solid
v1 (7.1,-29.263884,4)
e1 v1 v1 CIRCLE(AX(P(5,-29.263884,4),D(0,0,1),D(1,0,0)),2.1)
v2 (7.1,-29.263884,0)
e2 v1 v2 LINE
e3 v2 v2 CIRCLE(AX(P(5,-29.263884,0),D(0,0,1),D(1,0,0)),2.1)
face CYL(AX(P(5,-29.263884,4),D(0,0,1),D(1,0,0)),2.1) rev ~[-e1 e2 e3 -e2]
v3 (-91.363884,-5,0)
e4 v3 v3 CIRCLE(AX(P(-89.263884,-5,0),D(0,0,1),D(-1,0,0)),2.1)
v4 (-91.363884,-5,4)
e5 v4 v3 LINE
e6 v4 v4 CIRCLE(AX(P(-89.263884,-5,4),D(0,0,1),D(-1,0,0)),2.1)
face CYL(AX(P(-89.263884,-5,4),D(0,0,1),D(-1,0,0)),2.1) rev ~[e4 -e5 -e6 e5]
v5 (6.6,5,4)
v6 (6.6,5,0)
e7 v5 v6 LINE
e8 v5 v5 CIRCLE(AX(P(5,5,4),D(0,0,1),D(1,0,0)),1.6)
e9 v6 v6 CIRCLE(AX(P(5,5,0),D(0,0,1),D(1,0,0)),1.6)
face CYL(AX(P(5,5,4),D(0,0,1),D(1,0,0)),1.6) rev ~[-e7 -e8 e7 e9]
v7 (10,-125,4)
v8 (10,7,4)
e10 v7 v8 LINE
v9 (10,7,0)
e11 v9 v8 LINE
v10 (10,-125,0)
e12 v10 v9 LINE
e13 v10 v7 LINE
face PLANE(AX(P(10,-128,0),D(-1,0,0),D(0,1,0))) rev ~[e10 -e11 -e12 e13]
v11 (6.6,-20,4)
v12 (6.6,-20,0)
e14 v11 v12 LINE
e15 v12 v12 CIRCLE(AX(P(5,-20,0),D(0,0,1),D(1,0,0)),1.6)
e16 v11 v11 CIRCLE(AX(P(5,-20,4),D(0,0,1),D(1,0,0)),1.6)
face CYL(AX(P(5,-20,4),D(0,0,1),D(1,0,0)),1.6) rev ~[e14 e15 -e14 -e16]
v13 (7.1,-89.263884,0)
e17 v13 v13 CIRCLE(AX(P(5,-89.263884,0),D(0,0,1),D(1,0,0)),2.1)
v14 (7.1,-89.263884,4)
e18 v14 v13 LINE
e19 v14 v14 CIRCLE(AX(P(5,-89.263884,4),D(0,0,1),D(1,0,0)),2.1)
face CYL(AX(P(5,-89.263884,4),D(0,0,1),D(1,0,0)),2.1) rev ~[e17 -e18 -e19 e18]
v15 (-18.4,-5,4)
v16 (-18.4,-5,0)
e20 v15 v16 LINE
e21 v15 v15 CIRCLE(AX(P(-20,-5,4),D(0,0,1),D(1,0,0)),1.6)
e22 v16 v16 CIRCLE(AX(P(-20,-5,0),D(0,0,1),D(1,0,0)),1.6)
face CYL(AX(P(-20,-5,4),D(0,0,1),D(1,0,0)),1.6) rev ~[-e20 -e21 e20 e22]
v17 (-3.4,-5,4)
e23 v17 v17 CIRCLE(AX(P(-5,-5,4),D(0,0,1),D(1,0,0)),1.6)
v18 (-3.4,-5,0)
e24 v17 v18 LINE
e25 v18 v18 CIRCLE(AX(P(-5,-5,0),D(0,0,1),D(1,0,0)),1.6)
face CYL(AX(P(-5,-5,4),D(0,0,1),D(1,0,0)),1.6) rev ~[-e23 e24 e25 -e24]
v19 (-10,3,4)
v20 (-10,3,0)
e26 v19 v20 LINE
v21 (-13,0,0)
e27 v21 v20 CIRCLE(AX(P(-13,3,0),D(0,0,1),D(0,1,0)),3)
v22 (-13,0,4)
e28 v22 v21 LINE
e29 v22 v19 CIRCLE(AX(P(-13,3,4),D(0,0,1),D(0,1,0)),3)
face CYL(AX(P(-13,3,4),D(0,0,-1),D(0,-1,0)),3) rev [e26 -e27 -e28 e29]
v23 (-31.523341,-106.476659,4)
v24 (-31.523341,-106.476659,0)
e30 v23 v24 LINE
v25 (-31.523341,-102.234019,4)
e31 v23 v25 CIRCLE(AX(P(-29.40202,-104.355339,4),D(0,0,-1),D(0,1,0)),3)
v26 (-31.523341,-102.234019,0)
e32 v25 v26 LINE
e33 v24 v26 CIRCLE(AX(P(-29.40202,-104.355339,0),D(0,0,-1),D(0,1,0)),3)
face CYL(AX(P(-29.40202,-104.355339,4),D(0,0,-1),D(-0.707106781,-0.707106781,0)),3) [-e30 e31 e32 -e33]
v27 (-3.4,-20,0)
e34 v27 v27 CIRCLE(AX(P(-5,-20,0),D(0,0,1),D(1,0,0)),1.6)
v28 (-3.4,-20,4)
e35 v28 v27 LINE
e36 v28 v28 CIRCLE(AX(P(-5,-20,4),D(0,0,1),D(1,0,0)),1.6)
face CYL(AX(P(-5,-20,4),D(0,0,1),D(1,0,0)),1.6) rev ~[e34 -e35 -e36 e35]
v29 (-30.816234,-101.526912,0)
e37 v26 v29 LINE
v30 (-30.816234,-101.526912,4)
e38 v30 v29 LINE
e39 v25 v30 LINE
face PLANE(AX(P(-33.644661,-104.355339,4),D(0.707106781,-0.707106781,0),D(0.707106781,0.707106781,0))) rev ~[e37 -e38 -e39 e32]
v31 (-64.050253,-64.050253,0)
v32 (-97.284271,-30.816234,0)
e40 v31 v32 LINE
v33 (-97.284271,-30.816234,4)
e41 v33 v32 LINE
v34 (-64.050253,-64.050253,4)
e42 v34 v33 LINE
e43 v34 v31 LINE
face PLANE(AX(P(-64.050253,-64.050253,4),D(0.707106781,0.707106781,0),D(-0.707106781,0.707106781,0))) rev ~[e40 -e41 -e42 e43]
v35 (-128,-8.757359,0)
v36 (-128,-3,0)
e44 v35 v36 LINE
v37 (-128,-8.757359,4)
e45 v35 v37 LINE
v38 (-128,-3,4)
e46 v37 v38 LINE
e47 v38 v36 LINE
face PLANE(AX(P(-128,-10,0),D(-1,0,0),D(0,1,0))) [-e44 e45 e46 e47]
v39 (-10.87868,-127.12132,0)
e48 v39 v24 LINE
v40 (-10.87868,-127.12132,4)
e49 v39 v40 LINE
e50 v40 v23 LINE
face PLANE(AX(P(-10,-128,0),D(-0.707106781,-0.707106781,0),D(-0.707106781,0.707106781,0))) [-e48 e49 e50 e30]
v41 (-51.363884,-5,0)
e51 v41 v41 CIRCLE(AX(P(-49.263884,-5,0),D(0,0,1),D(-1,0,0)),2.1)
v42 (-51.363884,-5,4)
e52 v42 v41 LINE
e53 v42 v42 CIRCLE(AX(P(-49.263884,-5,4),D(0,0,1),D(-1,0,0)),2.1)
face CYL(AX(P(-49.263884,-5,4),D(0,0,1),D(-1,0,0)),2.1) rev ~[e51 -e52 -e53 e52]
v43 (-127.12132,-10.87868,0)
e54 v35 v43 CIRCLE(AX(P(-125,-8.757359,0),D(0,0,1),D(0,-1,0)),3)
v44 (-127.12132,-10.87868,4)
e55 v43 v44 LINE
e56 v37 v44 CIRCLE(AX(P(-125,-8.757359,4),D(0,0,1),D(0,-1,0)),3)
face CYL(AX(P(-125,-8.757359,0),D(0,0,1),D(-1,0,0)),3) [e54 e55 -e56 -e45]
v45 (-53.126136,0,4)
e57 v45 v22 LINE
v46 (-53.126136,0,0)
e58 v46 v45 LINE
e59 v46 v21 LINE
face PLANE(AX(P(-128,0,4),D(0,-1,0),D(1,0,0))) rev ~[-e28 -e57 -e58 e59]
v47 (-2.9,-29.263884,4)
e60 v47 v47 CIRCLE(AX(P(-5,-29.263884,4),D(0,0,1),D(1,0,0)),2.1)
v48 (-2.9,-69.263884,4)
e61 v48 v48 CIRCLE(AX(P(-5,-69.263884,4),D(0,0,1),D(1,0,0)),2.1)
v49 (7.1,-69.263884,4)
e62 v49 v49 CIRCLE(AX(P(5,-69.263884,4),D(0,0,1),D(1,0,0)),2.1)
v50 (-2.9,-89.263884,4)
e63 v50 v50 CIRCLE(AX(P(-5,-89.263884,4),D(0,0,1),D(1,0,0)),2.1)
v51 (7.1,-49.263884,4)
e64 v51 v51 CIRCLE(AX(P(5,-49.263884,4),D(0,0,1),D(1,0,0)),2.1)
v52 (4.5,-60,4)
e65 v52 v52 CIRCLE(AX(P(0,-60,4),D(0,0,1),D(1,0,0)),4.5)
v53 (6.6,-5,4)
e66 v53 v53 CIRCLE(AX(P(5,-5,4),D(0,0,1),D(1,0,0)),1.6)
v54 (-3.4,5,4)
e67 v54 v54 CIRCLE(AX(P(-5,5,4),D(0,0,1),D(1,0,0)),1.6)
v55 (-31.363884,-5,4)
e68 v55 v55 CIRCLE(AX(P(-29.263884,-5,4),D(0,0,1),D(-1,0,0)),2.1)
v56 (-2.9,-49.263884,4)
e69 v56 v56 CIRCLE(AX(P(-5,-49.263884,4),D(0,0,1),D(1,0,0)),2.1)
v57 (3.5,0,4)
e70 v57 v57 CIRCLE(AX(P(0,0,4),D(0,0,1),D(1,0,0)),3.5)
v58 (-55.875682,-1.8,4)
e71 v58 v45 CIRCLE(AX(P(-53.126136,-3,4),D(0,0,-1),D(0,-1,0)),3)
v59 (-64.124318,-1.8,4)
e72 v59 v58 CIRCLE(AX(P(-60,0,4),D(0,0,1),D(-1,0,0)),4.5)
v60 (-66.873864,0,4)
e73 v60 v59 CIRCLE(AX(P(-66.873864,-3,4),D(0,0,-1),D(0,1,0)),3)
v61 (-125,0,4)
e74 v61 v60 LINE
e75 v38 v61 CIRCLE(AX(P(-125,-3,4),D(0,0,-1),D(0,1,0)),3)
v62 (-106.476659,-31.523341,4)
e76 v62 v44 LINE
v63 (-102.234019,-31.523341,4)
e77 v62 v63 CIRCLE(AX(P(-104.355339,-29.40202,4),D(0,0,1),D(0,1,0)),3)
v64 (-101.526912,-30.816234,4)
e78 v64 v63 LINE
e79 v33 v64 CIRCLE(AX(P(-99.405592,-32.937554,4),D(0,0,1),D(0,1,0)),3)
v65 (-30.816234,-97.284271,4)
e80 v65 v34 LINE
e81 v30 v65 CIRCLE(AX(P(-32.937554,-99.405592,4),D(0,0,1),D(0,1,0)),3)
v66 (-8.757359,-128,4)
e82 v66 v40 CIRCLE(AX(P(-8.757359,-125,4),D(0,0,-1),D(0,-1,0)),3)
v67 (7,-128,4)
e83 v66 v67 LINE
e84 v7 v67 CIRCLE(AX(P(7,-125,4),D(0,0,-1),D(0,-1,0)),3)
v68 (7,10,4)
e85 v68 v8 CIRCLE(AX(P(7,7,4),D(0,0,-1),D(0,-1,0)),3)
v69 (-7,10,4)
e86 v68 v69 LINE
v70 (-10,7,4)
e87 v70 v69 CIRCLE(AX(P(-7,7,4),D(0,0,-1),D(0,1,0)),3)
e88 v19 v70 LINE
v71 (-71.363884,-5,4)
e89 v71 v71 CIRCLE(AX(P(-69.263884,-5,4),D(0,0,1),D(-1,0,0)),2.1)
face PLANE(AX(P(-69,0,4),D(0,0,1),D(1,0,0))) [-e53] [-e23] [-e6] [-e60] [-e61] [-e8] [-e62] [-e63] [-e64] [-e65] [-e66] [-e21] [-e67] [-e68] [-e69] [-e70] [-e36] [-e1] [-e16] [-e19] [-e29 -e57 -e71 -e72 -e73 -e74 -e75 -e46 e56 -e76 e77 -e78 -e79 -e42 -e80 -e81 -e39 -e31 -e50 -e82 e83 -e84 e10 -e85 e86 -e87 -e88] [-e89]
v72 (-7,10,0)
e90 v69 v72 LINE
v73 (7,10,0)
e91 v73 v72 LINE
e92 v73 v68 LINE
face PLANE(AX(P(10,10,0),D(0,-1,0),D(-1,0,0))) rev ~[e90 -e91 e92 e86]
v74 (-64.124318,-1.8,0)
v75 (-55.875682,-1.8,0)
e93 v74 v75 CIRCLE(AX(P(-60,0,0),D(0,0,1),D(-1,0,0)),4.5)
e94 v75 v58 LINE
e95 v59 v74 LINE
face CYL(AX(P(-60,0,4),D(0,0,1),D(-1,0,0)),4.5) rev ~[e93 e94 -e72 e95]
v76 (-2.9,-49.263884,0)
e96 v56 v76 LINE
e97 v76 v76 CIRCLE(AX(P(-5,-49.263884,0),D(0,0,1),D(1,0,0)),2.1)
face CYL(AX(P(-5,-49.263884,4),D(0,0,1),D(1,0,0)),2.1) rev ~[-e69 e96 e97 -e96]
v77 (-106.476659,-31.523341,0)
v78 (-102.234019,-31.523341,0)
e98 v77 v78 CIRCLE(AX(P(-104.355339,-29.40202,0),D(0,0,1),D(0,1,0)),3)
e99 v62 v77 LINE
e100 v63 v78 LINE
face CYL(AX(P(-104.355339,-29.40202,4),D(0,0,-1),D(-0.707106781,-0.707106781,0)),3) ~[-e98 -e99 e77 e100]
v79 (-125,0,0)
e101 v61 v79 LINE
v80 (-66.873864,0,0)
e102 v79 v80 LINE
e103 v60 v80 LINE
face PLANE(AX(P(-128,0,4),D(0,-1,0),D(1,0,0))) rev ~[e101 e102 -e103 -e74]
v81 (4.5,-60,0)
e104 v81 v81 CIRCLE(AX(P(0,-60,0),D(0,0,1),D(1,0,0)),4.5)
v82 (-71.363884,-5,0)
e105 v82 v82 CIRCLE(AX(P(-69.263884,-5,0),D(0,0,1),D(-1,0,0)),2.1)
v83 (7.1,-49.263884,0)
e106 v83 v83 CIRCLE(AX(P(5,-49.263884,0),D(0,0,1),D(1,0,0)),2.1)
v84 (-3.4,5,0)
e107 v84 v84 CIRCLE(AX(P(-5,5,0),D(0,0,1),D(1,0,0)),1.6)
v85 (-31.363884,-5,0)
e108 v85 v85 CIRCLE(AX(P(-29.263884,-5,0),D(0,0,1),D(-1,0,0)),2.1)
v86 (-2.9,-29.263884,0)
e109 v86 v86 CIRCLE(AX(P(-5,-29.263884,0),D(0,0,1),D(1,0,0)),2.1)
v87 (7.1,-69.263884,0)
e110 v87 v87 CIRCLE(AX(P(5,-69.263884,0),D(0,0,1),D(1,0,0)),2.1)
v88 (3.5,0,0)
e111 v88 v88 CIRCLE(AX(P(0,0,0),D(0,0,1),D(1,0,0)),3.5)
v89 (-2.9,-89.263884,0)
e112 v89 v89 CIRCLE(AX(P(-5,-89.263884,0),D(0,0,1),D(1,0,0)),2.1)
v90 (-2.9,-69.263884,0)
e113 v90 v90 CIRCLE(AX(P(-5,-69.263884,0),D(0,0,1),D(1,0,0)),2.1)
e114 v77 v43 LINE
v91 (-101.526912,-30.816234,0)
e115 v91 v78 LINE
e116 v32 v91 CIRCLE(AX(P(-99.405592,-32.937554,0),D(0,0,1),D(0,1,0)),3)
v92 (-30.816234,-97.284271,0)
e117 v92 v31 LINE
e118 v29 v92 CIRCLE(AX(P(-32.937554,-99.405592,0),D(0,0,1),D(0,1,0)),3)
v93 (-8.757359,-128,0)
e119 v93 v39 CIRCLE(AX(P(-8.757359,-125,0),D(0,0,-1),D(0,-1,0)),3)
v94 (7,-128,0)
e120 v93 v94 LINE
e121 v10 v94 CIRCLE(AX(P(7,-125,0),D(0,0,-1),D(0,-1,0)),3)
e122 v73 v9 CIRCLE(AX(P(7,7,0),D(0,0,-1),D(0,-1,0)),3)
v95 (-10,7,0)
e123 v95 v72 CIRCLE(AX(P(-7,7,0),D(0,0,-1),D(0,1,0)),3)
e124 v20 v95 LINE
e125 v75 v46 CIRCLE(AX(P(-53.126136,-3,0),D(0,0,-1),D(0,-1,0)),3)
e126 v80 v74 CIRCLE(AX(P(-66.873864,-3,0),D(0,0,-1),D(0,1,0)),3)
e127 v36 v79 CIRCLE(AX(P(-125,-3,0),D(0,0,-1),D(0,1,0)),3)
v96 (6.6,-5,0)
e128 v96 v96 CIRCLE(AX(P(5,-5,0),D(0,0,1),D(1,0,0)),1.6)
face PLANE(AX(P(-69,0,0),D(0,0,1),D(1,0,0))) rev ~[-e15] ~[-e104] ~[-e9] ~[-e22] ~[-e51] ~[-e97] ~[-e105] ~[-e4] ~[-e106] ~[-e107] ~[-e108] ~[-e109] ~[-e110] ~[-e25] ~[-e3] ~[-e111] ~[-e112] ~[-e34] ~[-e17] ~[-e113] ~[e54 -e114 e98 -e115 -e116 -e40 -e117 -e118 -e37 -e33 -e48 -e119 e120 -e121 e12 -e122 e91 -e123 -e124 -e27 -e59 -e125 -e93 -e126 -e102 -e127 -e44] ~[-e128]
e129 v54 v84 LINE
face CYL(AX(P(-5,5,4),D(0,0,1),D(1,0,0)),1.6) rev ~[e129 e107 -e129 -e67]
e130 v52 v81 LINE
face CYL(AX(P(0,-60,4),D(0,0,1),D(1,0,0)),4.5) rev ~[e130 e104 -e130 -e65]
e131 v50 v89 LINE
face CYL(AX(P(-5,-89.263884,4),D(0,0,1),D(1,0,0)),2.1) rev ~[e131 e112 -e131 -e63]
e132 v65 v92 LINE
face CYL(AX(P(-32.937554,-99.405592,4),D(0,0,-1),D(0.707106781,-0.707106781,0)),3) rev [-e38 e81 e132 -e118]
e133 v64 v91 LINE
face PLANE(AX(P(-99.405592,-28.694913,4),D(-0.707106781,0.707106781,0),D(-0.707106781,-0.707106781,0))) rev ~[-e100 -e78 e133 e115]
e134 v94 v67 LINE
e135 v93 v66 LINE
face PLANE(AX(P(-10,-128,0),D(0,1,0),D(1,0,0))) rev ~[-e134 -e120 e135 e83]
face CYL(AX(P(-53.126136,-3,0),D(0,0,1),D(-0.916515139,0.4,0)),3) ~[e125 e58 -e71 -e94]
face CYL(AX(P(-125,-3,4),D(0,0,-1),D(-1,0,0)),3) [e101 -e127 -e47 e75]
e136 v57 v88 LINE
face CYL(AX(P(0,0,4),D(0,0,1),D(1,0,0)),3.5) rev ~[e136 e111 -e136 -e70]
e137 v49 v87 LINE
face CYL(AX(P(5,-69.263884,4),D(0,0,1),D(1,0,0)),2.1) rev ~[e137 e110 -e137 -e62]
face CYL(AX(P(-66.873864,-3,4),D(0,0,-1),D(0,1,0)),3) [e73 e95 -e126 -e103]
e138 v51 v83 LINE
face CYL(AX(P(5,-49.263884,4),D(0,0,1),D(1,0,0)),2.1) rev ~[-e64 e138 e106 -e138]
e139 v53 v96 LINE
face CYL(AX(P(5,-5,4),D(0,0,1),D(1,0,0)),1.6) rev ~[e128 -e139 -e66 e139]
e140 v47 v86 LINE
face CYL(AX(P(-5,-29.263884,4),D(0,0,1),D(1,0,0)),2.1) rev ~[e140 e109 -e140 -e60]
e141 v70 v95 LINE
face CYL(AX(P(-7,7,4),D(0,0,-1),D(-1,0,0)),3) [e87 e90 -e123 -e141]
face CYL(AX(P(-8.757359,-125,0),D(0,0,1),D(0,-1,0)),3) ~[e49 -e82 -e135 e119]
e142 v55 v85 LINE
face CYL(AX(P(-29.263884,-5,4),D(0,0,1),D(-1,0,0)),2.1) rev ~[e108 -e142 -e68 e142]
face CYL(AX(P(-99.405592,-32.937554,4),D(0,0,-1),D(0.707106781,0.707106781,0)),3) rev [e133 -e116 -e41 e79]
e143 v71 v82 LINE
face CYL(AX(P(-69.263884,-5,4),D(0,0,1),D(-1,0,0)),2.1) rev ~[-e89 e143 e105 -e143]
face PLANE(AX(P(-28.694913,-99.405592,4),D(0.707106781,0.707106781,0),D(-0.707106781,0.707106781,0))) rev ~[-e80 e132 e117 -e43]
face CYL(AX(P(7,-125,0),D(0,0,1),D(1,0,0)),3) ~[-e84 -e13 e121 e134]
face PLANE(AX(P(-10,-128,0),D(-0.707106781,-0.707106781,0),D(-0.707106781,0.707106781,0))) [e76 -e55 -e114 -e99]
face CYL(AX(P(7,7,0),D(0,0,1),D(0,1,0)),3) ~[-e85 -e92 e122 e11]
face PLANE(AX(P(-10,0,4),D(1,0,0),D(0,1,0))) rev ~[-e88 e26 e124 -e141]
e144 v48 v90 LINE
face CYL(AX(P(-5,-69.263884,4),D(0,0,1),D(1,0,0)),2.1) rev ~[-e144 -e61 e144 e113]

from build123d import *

# Parameters (mm, degrees)
SKETCH_1_W          = 118
SKETCH_1_H          = 20
SKETCH_1_W_2        = 20
SKETCH_1_H_2        = 118
EXTRUDE_1_DEPTH     = 4
SKETCH_3_R          = 3.5
SKETCH_3_R_2        = 1.6
CUT_EXTRUDE_1_DEPTH = 4
SKETCH_4_R          = 4.5
SKETCH_4_R_2        = 2.1
CUT_EXTRUDE_2_DEPTH = 4
CUT_EXTRUDE_7_DEPTH = 4
SKETCH_12_W         = 118
SKETCH_12_H         = 10
CUT_EXTRUDE_8_DEPTH = 4
FILLET_3_R          = 3


with BuildPart() as part:
    # 草图1 → 凸台-拉伸1 (new body)
    with BuildSketch(Plane.XY):
        with Locations((-69, 0)):
            Rectangle(SKETCH_1_W, SKETCH_1_H)
        Rectangle(SKETCH_1_W_2, SKETCH_1_H)
        with Locations((0, -69)):
            Rectangle(SKETCH_1_W_2, SKETCH_1_H_2)
        Polygon((-128, -10), (-10, -10), (-10, -128), align=None)
    extrude(amount=EXTRUDE_1_DEPTH)

    # 草图3 → 切除-拉伸1 (cut)
    with BuildSketch(Plane.XY.offset(4)):
        Circle(SKETCH_3_R)
        with Locations((5, 5)):
            Circle(SKETCH_3_R_2)
        with Locations((-5, 5)):
            Circle(SKETCH_3_R_2)
        with Locations((-5, -5)):
            Circle(SKETCH_3_R_2)
        with Locations((5, -5)):
            Circle(SKETCH_3_R_2)
        with Locations((-20, -5)):
            Circle(SKETCH_3_R_2)
        with Locations((-5, -20)):
            Circle(SKETCH_3_R_2)
        with Locations((5, -20)):
            Circle(SKETCH_3_R_2)
        with Locations((5, 20)):
            Circle(SKETCH_3_R_2)
        with Locations((-5, 20)):
            Circle(SKETCH_3_R_2)
        with Locations((20, -5)):
            Circle(SKETCH_3_R_2)
        with Locations((20, 5)):
            Circle(SKETCH_3_R_2)
        with Locations((-20, 5)):
            Circle(SKETCH_3_R_2)
    extrude(amount=-CUT_EXTRUDE_1_DEPTH, mode=Mode.SUBTRACT)

    # 草图4 → 切除-拉伸2 (cut)
    with BuildSketch(Plane.XY.offset(4)):
        with Locations((0, -60)):
            Circle(SKETCH_4_R)
        with Locations((-5, -29.263884189)):
            Circle(SKETCH_4_R_2)
        with Locations((5, -29.263884189)):
            Circle(SKETCH_4_R_2)
        with Locations((5, -49.263884189)):
            Circle(SKETCH_4_R_2)
        with Locations((5, -69.263884189)):
            Circle(SKETCH_4_R_2)
        with Locations((5, -89.263884189)):
            Circle(SKETCH_4_R_2)
        with Locations((-5, -49.263884189)):
            Circle(SKETCH_4_R_2)
        with Locations((-5, -69.263884189)):
            Circle(SKETCH_4_R_2)
        with Locations((-5, -89.263884189)):
            Circle(SKETCH_4_R_2)
        with Locations(Location((-89.263884189, -5, 0), (0, 0, 180))):
            Circle(SKETCH_4_R_2)
        with Locations(Location((-69.263884189, -5, 0), (0, 0, 180))):
            Circle(SKETCH_4_R_2)
        with Locations(Location((-49.263884189, -5, 0), (0, 0, 180))):
            Circle(SKETCH_4_R_2)
        with Locations(Location((-89.263884189, 5, 0), (0, 0, 180))):
            Circle(SKETCH_4_R_2)
        with Locations(Location((-69.263884189, 5, 0), (0, 0, 180))):
            Circle(SKETCH_4_R_2)
        with Locations(Location((-49.263884189, 5, 0), (0, 0, 180))):
            Circle(SKETCH_4_R_2)
        with Locations(Location((-29.263884189, 5, 0), (0, 0, 180))):
            Circle(SKETCH_4_R_2)
        with Locations(Location((-29.263884189, -5, 0), (0, 0, 180))):
            Circle(SKETCH_4_R_2)
        with Locations(Location((-60, 0, 0), (0, 0, 180))):
            Circle(SKETCH_4_R)
    extrude(amount=-CUT_EXTRUDE_2_DEPTH, mode=Mode.SUBTRACT)

    # 草图11 → 切除-拉伸7 (cut)
    with BuildSketch(Plane.XY.offset(4)):
        Polygon((-69, -69), (-64.050252532, -64.050252532), (-99.405591591, -28.694913472), (-104.355339059, -33.644660941), align=None)
        Polygon((-28.694913472, -99.405591591), (-64.050252532, -64.050252532), (-69, -69), (-33.644660941, -104.355339059), align=None)
    extrude(amount=-CUT_EXTRUDE_7_DEPTH, mode=Mode.SUBTRACT)

    # 草图12 → 切除-拉伸8 (cut)
    with BuildSketch(Plane.XY.offset(4)):
        with Locations((-69, 5)):
            Rectangle(SKETCH_12_W, SKETCH_12_H)
    extrude(amount=-CUT_EXTRUDE_8_DEPTH, mode=Mode.SUBTRACT)

    # 圆角3
    fillet_3_edges = [part.edges().sort_by_distance(p)[0] for p in [
        (10, 10, 2),
        (10, -128, 2),
        (-10, -128, 2),
        (-128, -10, 2),
        (-99.405591591, -28.694913472, 2),
        (-28.694913472, -99.405591591, 2),
        (-33.644660941, -104.355339059, 2),
        (-104.355339059, -33.644660941, 2),
        (-64.5, 0, 2),
        (-55.5, 0, 2),
        (-10, 0, 2),
        (-128, 0, 2),
        (-10, 10, 2),
    ]]
    fillet(fillet_3_edges, radius=FILLET_3_R)


solid = part.part
